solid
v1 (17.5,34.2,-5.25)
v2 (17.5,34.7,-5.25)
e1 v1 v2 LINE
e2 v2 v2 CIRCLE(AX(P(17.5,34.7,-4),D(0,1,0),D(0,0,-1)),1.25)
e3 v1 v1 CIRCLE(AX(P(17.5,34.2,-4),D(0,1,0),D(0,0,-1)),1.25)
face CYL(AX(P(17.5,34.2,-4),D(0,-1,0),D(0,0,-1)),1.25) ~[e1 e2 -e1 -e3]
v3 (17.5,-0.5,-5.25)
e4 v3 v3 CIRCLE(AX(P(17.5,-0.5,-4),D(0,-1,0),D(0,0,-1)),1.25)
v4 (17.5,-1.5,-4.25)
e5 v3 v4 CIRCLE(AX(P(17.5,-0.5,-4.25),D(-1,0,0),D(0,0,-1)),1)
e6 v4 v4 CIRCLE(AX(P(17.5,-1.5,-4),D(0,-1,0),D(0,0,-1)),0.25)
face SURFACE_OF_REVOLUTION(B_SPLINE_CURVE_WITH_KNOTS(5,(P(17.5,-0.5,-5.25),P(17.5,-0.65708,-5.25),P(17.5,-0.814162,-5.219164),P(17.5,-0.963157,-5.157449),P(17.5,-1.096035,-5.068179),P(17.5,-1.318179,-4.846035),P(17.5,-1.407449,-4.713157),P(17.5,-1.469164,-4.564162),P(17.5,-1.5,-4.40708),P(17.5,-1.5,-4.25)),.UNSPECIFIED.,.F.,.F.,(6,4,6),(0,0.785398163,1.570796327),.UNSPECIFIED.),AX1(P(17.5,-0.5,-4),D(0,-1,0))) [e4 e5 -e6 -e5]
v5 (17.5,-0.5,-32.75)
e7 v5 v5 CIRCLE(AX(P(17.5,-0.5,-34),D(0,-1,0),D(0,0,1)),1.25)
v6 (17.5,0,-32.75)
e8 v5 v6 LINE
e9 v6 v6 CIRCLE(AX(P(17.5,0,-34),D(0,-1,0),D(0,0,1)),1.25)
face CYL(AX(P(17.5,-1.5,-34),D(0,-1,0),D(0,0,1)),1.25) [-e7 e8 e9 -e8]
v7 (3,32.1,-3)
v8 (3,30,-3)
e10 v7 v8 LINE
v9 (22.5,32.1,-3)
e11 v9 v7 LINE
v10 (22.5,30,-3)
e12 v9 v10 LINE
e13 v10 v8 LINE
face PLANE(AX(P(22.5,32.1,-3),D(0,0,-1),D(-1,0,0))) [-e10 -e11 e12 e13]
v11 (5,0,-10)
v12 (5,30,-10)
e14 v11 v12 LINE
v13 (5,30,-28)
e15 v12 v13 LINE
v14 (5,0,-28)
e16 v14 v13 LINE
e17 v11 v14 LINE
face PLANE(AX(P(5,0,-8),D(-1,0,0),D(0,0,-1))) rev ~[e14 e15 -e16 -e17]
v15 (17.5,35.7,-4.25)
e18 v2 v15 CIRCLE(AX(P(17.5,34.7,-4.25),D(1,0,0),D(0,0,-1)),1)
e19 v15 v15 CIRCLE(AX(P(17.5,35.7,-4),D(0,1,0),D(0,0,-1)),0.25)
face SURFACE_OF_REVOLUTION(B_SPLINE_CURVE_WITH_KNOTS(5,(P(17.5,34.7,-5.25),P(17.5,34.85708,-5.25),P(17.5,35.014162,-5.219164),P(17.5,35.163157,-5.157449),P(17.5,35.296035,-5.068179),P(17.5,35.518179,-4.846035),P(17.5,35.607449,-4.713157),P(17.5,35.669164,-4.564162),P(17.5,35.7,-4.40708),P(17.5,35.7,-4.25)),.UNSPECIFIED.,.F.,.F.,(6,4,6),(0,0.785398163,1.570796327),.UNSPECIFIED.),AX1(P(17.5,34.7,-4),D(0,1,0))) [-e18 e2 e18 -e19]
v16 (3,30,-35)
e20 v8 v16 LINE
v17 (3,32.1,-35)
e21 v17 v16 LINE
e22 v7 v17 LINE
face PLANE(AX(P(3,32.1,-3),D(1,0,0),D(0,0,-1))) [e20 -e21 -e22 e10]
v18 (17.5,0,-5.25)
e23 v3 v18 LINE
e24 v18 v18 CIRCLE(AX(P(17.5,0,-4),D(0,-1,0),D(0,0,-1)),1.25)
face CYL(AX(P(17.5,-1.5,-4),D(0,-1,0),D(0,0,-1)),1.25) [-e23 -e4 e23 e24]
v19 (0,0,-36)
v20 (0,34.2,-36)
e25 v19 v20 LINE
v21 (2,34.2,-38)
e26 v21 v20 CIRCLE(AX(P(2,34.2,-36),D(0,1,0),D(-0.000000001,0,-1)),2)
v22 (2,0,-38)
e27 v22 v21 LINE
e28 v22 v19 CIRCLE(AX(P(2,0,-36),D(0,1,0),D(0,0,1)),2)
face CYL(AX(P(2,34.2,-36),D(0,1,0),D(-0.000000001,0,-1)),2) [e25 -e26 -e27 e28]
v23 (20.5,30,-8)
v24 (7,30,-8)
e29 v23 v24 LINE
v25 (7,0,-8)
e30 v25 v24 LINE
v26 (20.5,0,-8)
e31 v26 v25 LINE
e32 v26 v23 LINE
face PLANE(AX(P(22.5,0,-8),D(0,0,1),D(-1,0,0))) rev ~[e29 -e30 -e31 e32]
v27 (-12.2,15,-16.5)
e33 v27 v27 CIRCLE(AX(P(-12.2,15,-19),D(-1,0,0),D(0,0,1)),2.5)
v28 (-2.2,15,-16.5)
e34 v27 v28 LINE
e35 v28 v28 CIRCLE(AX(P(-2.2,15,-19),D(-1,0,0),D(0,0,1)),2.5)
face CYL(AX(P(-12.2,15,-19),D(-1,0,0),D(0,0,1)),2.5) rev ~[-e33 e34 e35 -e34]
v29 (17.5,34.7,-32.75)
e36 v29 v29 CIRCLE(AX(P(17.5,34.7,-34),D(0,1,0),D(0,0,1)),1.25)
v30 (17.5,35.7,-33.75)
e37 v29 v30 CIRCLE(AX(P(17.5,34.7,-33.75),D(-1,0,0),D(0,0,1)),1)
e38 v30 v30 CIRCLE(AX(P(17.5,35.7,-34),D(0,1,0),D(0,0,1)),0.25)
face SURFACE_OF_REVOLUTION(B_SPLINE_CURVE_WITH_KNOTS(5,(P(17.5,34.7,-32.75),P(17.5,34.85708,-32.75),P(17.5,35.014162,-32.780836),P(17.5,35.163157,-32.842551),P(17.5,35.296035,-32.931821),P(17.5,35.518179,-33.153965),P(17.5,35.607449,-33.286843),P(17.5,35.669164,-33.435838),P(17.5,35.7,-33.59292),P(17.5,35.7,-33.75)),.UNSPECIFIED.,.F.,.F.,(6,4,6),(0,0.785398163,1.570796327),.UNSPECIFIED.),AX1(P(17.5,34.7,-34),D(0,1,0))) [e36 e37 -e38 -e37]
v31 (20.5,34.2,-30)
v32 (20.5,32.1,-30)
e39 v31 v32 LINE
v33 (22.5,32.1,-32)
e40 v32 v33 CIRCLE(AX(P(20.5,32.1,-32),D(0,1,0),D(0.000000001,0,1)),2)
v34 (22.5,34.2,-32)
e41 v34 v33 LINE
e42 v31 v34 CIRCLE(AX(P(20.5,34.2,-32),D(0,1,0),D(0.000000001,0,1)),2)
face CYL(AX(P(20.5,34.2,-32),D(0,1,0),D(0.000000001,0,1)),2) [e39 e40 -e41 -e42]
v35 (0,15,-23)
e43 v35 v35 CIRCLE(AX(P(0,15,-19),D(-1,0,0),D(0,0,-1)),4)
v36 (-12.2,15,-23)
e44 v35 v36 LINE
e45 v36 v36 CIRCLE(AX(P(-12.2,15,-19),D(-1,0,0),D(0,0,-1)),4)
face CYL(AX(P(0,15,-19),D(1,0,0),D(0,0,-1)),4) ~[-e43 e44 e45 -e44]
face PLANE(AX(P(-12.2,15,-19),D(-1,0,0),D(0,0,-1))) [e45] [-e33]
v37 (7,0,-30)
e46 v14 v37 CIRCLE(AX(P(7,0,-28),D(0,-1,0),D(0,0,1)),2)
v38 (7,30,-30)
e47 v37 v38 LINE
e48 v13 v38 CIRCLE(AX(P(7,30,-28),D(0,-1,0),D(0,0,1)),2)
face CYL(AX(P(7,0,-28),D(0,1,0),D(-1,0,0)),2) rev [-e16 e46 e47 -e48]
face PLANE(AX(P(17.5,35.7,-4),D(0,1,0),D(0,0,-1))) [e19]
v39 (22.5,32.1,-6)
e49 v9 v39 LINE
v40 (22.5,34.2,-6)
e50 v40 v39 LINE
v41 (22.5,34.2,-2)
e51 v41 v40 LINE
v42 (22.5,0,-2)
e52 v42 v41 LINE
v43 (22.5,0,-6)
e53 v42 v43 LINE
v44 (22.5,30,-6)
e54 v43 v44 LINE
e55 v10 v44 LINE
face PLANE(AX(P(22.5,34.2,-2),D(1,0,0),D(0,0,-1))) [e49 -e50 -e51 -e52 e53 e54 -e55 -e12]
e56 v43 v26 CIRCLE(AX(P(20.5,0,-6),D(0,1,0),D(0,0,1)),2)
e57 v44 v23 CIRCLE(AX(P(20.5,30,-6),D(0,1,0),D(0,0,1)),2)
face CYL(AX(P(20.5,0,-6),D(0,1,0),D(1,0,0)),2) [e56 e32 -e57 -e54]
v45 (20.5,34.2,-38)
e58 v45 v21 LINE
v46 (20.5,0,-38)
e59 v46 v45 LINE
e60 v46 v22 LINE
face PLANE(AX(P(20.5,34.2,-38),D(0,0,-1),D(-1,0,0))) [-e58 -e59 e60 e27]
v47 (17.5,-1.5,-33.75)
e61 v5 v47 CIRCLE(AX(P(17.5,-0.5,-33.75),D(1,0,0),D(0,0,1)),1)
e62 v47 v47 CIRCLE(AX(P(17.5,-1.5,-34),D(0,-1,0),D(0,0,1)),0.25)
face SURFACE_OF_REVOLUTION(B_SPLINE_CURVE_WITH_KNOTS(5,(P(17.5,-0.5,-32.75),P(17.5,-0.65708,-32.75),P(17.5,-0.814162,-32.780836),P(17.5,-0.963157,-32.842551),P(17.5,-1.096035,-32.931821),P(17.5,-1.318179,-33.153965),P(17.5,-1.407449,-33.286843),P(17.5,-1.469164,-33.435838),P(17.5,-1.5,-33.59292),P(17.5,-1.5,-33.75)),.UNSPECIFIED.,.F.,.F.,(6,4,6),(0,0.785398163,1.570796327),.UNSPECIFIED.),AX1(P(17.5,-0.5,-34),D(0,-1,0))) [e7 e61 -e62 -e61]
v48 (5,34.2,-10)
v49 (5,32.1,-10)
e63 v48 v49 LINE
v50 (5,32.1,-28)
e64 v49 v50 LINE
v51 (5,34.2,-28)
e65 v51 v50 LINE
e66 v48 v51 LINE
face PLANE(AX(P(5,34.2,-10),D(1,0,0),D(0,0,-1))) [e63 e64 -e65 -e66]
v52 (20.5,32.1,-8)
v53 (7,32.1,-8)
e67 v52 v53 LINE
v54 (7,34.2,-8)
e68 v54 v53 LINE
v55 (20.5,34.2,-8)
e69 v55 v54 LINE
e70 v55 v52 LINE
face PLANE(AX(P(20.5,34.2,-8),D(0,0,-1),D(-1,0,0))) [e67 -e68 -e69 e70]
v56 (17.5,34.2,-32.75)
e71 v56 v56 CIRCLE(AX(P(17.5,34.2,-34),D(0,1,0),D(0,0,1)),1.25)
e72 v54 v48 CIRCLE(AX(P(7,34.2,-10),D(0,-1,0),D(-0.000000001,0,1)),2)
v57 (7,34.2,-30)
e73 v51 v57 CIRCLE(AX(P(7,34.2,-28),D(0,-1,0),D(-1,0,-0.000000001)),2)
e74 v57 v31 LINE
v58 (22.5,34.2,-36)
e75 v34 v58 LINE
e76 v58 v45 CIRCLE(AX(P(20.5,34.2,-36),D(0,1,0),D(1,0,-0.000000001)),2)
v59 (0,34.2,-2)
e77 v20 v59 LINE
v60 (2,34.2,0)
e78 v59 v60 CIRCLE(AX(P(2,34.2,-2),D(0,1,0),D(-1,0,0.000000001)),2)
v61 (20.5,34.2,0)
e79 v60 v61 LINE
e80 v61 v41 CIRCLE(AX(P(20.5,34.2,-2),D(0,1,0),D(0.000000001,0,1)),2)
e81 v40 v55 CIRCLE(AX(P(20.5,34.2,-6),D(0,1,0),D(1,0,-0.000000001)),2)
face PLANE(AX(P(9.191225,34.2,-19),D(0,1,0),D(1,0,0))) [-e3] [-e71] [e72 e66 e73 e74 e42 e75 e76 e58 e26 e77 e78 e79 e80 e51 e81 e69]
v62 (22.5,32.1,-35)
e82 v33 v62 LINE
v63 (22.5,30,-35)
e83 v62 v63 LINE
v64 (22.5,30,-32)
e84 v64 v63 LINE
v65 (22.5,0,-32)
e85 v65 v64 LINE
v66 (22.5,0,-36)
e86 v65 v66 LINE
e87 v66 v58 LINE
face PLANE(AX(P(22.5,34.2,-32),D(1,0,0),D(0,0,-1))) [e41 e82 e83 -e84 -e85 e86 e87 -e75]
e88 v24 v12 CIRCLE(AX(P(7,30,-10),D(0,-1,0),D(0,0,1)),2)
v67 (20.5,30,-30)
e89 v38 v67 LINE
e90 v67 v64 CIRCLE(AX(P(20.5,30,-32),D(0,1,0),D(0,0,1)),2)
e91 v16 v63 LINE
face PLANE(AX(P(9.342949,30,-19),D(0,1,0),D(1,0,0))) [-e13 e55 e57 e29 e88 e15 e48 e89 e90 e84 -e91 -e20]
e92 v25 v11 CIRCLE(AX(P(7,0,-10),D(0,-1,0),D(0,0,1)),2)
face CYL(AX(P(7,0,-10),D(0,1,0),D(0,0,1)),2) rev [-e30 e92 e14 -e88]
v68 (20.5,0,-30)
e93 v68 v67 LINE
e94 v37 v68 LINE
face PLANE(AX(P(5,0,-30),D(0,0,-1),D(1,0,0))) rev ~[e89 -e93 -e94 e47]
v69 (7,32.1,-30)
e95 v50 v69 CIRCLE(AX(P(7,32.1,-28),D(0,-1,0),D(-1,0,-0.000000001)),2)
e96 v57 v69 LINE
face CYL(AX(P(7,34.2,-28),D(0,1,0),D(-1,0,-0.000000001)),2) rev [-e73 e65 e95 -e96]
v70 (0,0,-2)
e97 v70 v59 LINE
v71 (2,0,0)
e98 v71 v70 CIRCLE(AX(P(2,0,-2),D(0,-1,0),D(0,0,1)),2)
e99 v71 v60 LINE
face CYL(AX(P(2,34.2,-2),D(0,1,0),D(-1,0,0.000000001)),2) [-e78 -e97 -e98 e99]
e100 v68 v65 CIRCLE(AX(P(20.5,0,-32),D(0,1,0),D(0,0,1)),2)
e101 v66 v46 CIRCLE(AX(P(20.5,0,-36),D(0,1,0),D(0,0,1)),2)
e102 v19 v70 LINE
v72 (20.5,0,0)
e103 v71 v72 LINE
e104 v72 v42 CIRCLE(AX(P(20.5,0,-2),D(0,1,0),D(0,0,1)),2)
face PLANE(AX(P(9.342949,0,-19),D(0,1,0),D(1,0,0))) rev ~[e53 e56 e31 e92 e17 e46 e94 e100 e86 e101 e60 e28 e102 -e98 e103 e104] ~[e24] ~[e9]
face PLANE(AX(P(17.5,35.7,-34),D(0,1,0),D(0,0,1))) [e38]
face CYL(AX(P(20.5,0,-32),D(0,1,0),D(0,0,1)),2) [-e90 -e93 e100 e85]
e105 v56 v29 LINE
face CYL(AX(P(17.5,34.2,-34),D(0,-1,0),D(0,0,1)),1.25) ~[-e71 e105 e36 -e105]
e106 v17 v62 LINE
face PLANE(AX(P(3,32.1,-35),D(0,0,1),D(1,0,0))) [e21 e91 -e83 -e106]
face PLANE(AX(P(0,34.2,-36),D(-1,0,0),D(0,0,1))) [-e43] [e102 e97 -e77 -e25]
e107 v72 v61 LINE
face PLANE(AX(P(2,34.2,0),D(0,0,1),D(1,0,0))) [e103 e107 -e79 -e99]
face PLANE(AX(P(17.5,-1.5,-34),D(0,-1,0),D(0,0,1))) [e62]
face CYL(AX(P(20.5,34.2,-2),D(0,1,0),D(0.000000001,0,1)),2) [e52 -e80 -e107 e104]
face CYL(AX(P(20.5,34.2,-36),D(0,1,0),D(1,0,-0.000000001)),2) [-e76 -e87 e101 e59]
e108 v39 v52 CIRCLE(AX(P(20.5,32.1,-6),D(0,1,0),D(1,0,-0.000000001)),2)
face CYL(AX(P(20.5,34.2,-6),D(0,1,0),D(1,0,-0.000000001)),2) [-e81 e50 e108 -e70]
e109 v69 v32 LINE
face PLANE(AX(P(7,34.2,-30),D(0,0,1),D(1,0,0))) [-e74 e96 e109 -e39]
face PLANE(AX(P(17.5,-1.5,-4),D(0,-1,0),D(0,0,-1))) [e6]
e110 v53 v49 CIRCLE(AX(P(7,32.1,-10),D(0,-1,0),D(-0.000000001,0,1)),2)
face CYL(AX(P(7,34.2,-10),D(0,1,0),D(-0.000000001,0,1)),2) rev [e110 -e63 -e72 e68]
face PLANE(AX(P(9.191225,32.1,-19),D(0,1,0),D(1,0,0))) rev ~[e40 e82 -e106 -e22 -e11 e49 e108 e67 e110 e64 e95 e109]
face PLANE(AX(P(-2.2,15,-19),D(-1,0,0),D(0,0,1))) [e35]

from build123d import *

# Parameters (mm, degrees)
SALIENTE_EXTRUIR1_DEPTH = 30
REDONDEO1_R             = 2
CROQUIS2_R              = 4
SALIENTE_EXTRUIR2_DEPTH = 12.2
SALIENTE_EXTRUIR3_START = 2.1
SALIENTE_EXTRUIR3_DEPTH = 2.1
SALIENTE_EXTRUIR4_START = 2.1
SALIENTE_EXTRUIR4_DEPTH = 2.1
CROQUIS5_R              = 1.25
SALIENTE_EXTRUIR5_DEPTH = 1.5
REDONDEO2_R             = 1
SALIENTE_EXTRUIR6_START = 1.5
CROQUIS6_R              = 1.25
SALIENTE_EXTRUIR6_DEPTH = 1.5
REDONDEO3_R             = 1
CROQUIS7_R              = 2.5
CORTAR_EXTRUIR1_DEPTH   = 10


with BuildPart() as part:
    # Croquis1 → Saliente-Extruir1 (new body)
    with BuildSketch(Plane(origin=(0, 0, 0), x_dir=(1, 0, 0), z_dir=(0, 1, 0))):
        Polygon((0, 0), (22.5, 0), (22.5, 8), (5, 8), (5, 30), (22.5, 30), (22.5, 38), (0, 38), align=None)
    extrude(amount=SALIENTE_EXTRUIR1_DEPTH)

    # Redondeo1
    redondeo1_edges = [part.edges().sort_by_distance(p)[0] for p in [
        (0, 15, -38),
        (22.5, 15, -38),
        (22.5, 15, -30),
        (5, 15, -30),
        (5, 15, -8),
        (22.5, 15, -8),
        (22.5, 15, 0),
        (0, 15, 0),
    ]]
    fillet(redondeo1_edges, radius=REDONDEO1_R)

    # Croquis2 → Saliente-Extruir2 (add)
    with BuildSketch(Plane.ZY):
        with Locations(Location((-19, 15, 0), (0, 0, 180))):
            Circle(CROQUIS2_R)
    extrude(amount=SALIENTE_EXTRUIR2_DEPTH)

    # Croquis3 → Saliente-Extruir3 (add)
    with BuildSketch(Plane(origin=(0, 30, 0), x_dir=(1, 0, 0), z_dir=(0, 1, 0)).offset(SALIENTE_EXTRUIR3_START)):
        with BuildLine():
            Line((20.5, 38), (2, 38))
            ThreePointArc((2, 38), (0.585786438, 37.414213562), (0, 36))
            Line((0, 36), (0, 2))
            ThreePointArc((0, 2), (0.585786438, 0.585786438), (2, 0))
            Line((2, 0), (20.5, 0))
            ThreePointArc((20.5, 0), (21.914213562, 0.585786438), (22.5, 2))
            Line((22.5, 2), (22.5, 3))
            Line((22.5, 3), (3, 3))
            Line((3, 3), (3, 35))
            Line((3, 35), (22.5, 35))
            Line((22.5, 35), (22.5, 36))
            ThreePointArc((22.5, 36), (21.914213562, 37.414213562), (20.5, 38))
        make_face()
    extrude(amount=-SALIENTE_EXTRUIR3_DEPTH)

    # Croquis4 → Saliente-Extruir4 (add)
    with BuildSketch(Plane(origin=(0, 32.1, 0), x_dir=(1, 0, 0), z_dir=(0, 1, 0)).offset(SALIENTE_EXTRUIR4_START)):
        with BuildLine():
            Line((22.5, 32), (22.5, 36))
            ThreePointArc((22.5, 36), (21.914213562, 37.414213562), (20.5, 38))
            Line((20.5, 38), (2, 38))
            ThreePointArc((2, 38), (0.585786438, 37.414213562), (0, 36))
            Line((0, 36), (0, 2))
            ThreePointArc((0, 2), (0.585786438, 0.585786438), (2, 0))
            Line((2, 0), (20.5, 0))
            ThreePointArc((20.5, 0), (21.914213562, 0.585786438), (22.5, 2))
            Line((22.5, 2), (22.5, 6))
            ThreePointArc((22.5, 6), (21.914213562, 7.414213562), (20.5, 8))
            Line((20.5, 8), (7, 8))
            ThreePointArc((7, 8), (5.585786438, 8.585786438), (5, 10))
            Line((5, 10), (5, 28))
            ThreePointArc((5, 28), (5.585786438, 29.414213562), (7, 30))
            Line((7, 30), (20.5, 30))
            ThreePointArc((20.5, 30), (21.914213562, 30.585786438), (22.5, 32))
        make_face()
    extrude(amount=-SALIENTE_EXTRUIR4_DEPTH)

    # Croquis5 → Saliente-Extruir5 (add)
    with BuildSketch(Plane(origin=(0, 34.2, 0), x_dir=(1, 0, 0), z_dir=(0, 1, 0))):
        with Locations(Location((17.5, 34, 0), (0, 0, 270))):
            Circle(CROQUIS5_R)
        with Locations(Location((17.5, 4, 0), (0, 0, 90))):
            Circle(CROQUIS5_R)
    extrude(amount=SALIENTE_EXTRUIR5_DEPTH)

    # Redondeo2
    redondeo2_edges = [part.edges().sort_by_distance(p)[0] for p in [
        (17.5, 35.7, -35.25),
        (17.5, 35.7, -2.75),
    ]]
    fillet(redondeo2_edges, radius=REDONDEO2_R)

    # Croquis6 → Saliente-Extruir6 (add)
    with BuildSketch(Plane.XZ.offset(SALIENTE_EXTRUIR6_START)):
        with Locations(Location((17.5, -4, 0), (0, 0, 270))):
            Circle(CROQUIS6_R)
        with Locations(Location((17.5, -34, 0), (0, 0, 90))):
            Circle(CROQUIS6_R)
    extrude(amount=-SALIENTE_EXTRUIR6_DEPTH)

    # Redondeo3
    redondeo3_edges = [part.edges().sort_by_distance(p)[0] for p in [
        (17.5, -1.5, -2.75),
        (17.5, -1.5, -35.25),
    ]]
    fillet(redondeo3_edges, radius=REDONDEO3_R)

    # Croquis7 → Cortar-Extruir1 (cut)
    with BuildSketch(Plane.ZY.offset(12.2)):
        with Locations((-19, 15)):
            Circle(CROQUIS7_R)
    extrude(amount=-CORTAR_EXTRUIR1_DEPTH, mode=Mode.SUBTRACT)


solid = part.part
